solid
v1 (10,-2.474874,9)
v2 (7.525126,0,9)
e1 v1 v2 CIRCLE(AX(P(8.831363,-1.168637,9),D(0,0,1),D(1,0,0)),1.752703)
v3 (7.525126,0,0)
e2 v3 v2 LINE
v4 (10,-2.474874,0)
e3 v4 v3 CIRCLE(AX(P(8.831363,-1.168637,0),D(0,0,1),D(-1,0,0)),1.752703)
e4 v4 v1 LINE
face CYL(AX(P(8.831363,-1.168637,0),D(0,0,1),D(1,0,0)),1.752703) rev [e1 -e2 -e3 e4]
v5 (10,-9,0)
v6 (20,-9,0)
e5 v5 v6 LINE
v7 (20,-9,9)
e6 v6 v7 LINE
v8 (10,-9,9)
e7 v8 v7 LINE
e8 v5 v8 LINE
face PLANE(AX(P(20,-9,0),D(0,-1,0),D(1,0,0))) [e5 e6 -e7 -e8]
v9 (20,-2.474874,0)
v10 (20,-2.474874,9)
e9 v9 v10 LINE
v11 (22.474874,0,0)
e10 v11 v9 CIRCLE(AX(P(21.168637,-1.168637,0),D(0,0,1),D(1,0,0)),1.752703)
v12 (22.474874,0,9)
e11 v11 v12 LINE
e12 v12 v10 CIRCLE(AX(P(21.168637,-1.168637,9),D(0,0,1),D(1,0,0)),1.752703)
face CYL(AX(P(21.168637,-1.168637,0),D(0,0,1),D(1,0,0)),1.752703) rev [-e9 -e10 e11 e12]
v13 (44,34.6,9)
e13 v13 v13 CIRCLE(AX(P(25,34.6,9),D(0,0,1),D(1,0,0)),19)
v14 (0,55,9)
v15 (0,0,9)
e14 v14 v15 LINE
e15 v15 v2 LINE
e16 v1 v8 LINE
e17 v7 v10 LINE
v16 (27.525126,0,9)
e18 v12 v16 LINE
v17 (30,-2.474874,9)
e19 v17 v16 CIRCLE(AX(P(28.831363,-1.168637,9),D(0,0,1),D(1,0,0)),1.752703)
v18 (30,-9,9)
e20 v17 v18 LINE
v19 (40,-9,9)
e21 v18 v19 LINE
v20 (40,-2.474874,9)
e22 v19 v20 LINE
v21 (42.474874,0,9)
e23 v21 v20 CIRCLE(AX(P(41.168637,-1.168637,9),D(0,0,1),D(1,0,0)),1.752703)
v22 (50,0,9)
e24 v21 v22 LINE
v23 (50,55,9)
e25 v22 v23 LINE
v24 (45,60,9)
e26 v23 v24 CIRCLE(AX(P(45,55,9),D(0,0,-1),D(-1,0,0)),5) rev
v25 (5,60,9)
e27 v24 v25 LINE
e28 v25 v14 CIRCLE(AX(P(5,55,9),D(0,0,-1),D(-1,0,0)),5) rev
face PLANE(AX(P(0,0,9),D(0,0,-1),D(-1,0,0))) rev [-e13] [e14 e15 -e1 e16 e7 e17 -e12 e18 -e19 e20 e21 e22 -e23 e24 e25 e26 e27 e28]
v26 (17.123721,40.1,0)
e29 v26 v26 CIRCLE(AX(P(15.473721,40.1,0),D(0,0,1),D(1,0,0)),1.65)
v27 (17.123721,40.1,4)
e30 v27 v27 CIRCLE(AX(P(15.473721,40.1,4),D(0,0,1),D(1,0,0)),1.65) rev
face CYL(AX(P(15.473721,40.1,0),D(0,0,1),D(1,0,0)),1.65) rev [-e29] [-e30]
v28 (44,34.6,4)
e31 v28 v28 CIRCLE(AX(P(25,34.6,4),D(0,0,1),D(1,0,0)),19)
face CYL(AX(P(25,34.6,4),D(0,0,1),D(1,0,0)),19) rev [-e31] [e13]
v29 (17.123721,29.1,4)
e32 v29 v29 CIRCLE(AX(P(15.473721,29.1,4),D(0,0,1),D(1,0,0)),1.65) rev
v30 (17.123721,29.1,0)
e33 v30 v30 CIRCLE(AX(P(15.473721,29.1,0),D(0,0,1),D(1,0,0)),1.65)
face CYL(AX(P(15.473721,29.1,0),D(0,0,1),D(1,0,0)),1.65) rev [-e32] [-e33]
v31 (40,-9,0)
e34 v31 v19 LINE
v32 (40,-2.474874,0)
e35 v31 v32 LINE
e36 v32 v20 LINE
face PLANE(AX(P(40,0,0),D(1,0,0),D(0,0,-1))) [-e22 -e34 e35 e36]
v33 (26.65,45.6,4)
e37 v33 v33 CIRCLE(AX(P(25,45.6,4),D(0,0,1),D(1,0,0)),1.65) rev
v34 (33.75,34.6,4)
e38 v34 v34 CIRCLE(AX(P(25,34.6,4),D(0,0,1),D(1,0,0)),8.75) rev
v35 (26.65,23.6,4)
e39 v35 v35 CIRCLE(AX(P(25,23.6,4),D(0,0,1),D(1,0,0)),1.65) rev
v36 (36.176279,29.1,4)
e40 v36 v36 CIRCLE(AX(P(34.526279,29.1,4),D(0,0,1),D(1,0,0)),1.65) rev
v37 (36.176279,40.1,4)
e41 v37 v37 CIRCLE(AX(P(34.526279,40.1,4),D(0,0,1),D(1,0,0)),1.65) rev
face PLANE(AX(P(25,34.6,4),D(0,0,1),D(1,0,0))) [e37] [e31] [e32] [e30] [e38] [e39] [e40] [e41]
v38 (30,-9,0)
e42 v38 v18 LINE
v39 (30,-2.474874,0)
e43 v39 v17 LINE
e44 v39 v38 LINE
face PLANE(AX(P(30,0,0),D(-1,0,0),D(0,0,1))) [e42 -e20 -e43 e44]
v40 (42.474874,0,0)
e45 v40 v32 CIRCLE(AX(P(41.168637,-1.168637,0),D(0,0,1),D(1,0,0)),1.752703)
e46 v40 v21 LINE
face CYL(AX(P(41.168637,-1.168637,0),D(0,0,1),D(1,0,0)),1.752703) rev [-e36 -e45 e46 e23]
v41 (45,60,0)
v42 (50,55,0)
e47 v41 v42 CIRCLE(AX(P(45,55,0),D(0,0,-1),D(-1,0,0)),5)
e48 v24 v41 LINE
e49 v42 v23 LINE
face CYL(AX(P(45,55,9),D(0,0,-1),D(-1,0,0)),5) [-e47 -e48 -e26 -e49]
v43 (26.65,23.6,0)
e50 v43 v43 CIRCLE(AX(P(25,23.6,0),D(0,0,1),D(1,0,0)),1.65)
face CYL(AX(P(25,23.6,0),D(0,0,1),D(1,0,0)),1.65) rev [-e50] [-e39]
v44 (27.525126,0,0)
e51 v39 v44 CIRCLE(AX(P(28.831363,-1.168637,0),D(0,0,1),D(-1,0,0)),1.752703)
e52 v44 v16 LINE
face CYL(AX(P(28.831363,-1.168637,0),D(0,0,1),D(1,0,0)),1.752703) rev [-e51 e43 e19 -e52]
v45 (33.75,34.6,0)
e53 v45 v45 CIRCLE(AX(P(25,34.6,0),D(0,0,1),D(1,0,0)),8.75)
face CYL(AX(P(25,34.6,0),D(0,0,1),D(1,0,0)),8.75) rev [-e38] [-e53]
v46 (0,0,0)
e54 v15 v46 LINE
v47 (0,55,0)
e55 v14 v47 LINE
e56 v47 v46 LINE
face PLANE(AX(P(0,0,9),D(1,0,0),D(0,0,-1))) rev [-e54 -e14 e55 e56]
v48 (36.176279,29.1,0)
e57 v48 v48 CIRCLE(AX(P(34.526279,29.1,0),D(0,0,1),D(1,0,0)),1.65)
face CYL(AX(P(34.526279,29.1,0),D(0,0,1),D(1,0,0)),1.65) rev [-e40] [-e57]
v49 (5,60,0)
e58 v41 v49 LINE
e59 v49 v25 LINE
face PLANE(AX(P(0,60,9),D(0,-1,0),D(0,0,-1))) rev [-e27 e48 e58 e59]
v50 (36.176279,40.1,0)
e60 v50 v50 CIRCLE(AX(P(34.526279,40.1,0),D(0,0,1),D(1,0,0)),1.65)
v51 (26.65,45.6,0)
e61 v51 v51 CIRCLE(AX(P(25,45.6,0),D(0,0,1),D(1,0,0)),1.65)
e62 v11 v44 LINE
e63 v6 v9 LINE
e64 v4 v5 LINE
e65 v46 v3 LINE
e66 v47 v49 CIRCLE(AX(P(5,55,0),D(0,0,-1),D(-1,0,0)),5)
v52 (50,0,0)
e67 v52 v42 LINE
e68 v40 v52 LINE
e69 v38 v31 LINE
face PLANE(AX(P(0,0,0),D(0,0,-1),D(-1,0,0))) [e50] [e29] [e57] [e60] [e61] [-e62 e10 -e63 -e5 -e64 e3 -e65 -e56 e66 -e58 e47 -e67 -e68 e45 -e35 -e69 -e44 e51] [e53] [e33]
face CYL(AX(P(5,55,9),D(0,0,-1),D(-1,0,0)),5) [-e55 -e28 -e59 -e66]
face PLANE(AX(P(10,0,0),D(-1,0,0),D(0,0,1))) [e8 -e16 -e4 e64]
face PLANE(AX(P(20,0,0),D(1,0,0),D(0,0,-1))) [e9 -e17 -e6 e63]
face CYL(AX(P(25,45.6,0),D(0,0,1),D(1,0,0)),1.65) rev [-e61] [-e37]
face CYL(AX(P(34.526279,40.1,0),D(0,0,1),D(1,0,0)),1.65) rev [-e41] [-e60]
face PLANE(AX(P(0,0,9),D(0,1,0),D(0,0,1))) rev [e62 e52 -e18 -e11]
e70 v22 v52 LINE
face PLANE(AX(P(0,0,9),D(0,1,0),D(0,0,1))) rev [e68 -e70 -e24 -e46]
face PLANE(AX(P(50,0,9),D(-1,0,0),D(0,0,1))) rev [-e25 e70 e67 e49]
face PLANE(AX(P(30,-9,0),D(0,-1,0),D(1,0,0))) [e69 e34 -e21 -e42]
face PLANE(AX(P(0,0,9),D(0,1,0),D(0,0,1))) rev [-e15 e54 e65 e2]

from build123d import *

# Parameters (mm, degrees)
ESQUISSE1_W                  = 50
ESQUISSE1_H                  = 60
BOSS_EXTRU_1_DEPTH           = 9
ESQUISSE2_W                  = 10
ESQUISSE2_H                  = 9
BOSS_EXTRU_2_DEPTH           = 9
ESQUISSE3_R                  = 8.75
ESQUISSE3_R_2                = 1.65
ENL_V_MAT_EXTRU_1_DEPTH      = 9
ESQUISSE4_R                  = 19
ENL_V_MAT_EXTRU_2_DEPTH      = 5
CONG_1_R                     = 5
ENL_V_MAT_EXTRU_3_DEPTH      = 79.619336044
ENL_V_MAT_EXTRU_3_DEPTH_BACK = 79.619336044


with BuildPart() as part:
    # Esquisse1 → Boss.-Extru.1 (new body)
    with BuildSketch(Plane.XY):
        with Locations((25, 30)):
            Rectangle(ESQUISSE1_W, ESQUISSE1_H)
    extrude(amount=BOSS_EXTRU_1_DEPTH)

    # Esquisse2 → Boss.-Extru.2 (add)
    with BuildSketch(Plane.XY.offset(9)):
        with Locations((35, -4.5)):
            Rectangle(ESQUISSE2_W, ESQUISSE2_H)
        with Locations((15, -4.5)):
            Rectangle(ESQUISSE2_W, ESQUISSE2_H)
    extrude(amount=-BOSS_EXTRU_2_DEPTH)

    # Esquisse3 → Enlèv. mat.-Extru.1 (cut)
    with BuildSketch(Plane.XY.offset(9)):
        with Locations((25, 34.6)):
            Circle(ESQUISSE3_R)
        with Locations((25, 45.6)):
            Circle(ESQUISSE3_R_2)
        with Locations((34.526279442, 40.1)):
            Circle(ESQUISSE3_R_2)
        with Locations((34.526279442, 29.1)):
            Circle(ESQUISSE3_R_2)
        with Locations((25, 23.6)):
            Circle(ESQUISSE3_R_2)
        with Locations((15.473720558, 29.1)):
            Circle(ESQUISSE3_R_2)
        with Locations((15.473720558, 40.1)):
            Circle(ESQUISSE3_R_2)
    extrude(amount=-ENL_V_MAT_EXTRU_1_DEPTH, mode=Mode.SUBTRACT)

    # Esquisse4 → Enlèv. mat.-Extru.2 (cut)
    with BuildSketch(Plane.XY.offset(9)):
        with Locations((25, 34.6)):
            Circle(ESQUISSE4_R)
    extrude(amount=-ENL_V_MAT_EXTRU_2_DEPTH, mode=Mode.SUBTRACT)

    # Congé1
    cong_1_edges = [part.edges().sort_by_distance(p)[0] for p in [
        (0, 60, 4.5),
        (50, 60, 4.5),
    ]]
    fillet(cong_1_edges, radius=CONG_1_R)

    # Esquisse5 → Enlèv. mat.-Extru.3 (cut, two sides: drawn at the far end of the back side and taken through both)
    with BuildSketch(Plane.XY.offset(9).offset(-ENL_V_MAT_EXTRU_3_DEPTH_BACK)):
        with BuildLine():
            Line((27.525126266, 0), (30, -2.474873734))
            ThreePointArc((30, -2.474873734), (30.070710678, 0.070710678), (27.525126266, 0))
        make_face()
        with BuildLine():
            Line((22.474873734, 0), (20, -2.474873734))
            ThreePointArc((20, -2.474873734), (19.929289322, 0.070710678), (22.474873734, 0))
        make_face()
        with BuildLine():
            Line((42.474873734, 0), (40, -2.474873734))
            ThreePointArc((40, -2.474873734), (39.929289322, 0.070710678), (42.474873734, 0))
        make_face()
        with BuildLine():
            Line((7.525126266, 0), (10, -2.474873734))
            ThreePointArc((10, -2.474873734), (10.070710678, 0.070710678), (7.525126266, 0))
        make_face()
    extrude(amount=ENL_V_MAT_EXTRU_3_DEPTH + ENL_V_MAT_EXTRU_3_DEPTH_BACK, mode=Mode.SUBTRACT)


solid = part.part
